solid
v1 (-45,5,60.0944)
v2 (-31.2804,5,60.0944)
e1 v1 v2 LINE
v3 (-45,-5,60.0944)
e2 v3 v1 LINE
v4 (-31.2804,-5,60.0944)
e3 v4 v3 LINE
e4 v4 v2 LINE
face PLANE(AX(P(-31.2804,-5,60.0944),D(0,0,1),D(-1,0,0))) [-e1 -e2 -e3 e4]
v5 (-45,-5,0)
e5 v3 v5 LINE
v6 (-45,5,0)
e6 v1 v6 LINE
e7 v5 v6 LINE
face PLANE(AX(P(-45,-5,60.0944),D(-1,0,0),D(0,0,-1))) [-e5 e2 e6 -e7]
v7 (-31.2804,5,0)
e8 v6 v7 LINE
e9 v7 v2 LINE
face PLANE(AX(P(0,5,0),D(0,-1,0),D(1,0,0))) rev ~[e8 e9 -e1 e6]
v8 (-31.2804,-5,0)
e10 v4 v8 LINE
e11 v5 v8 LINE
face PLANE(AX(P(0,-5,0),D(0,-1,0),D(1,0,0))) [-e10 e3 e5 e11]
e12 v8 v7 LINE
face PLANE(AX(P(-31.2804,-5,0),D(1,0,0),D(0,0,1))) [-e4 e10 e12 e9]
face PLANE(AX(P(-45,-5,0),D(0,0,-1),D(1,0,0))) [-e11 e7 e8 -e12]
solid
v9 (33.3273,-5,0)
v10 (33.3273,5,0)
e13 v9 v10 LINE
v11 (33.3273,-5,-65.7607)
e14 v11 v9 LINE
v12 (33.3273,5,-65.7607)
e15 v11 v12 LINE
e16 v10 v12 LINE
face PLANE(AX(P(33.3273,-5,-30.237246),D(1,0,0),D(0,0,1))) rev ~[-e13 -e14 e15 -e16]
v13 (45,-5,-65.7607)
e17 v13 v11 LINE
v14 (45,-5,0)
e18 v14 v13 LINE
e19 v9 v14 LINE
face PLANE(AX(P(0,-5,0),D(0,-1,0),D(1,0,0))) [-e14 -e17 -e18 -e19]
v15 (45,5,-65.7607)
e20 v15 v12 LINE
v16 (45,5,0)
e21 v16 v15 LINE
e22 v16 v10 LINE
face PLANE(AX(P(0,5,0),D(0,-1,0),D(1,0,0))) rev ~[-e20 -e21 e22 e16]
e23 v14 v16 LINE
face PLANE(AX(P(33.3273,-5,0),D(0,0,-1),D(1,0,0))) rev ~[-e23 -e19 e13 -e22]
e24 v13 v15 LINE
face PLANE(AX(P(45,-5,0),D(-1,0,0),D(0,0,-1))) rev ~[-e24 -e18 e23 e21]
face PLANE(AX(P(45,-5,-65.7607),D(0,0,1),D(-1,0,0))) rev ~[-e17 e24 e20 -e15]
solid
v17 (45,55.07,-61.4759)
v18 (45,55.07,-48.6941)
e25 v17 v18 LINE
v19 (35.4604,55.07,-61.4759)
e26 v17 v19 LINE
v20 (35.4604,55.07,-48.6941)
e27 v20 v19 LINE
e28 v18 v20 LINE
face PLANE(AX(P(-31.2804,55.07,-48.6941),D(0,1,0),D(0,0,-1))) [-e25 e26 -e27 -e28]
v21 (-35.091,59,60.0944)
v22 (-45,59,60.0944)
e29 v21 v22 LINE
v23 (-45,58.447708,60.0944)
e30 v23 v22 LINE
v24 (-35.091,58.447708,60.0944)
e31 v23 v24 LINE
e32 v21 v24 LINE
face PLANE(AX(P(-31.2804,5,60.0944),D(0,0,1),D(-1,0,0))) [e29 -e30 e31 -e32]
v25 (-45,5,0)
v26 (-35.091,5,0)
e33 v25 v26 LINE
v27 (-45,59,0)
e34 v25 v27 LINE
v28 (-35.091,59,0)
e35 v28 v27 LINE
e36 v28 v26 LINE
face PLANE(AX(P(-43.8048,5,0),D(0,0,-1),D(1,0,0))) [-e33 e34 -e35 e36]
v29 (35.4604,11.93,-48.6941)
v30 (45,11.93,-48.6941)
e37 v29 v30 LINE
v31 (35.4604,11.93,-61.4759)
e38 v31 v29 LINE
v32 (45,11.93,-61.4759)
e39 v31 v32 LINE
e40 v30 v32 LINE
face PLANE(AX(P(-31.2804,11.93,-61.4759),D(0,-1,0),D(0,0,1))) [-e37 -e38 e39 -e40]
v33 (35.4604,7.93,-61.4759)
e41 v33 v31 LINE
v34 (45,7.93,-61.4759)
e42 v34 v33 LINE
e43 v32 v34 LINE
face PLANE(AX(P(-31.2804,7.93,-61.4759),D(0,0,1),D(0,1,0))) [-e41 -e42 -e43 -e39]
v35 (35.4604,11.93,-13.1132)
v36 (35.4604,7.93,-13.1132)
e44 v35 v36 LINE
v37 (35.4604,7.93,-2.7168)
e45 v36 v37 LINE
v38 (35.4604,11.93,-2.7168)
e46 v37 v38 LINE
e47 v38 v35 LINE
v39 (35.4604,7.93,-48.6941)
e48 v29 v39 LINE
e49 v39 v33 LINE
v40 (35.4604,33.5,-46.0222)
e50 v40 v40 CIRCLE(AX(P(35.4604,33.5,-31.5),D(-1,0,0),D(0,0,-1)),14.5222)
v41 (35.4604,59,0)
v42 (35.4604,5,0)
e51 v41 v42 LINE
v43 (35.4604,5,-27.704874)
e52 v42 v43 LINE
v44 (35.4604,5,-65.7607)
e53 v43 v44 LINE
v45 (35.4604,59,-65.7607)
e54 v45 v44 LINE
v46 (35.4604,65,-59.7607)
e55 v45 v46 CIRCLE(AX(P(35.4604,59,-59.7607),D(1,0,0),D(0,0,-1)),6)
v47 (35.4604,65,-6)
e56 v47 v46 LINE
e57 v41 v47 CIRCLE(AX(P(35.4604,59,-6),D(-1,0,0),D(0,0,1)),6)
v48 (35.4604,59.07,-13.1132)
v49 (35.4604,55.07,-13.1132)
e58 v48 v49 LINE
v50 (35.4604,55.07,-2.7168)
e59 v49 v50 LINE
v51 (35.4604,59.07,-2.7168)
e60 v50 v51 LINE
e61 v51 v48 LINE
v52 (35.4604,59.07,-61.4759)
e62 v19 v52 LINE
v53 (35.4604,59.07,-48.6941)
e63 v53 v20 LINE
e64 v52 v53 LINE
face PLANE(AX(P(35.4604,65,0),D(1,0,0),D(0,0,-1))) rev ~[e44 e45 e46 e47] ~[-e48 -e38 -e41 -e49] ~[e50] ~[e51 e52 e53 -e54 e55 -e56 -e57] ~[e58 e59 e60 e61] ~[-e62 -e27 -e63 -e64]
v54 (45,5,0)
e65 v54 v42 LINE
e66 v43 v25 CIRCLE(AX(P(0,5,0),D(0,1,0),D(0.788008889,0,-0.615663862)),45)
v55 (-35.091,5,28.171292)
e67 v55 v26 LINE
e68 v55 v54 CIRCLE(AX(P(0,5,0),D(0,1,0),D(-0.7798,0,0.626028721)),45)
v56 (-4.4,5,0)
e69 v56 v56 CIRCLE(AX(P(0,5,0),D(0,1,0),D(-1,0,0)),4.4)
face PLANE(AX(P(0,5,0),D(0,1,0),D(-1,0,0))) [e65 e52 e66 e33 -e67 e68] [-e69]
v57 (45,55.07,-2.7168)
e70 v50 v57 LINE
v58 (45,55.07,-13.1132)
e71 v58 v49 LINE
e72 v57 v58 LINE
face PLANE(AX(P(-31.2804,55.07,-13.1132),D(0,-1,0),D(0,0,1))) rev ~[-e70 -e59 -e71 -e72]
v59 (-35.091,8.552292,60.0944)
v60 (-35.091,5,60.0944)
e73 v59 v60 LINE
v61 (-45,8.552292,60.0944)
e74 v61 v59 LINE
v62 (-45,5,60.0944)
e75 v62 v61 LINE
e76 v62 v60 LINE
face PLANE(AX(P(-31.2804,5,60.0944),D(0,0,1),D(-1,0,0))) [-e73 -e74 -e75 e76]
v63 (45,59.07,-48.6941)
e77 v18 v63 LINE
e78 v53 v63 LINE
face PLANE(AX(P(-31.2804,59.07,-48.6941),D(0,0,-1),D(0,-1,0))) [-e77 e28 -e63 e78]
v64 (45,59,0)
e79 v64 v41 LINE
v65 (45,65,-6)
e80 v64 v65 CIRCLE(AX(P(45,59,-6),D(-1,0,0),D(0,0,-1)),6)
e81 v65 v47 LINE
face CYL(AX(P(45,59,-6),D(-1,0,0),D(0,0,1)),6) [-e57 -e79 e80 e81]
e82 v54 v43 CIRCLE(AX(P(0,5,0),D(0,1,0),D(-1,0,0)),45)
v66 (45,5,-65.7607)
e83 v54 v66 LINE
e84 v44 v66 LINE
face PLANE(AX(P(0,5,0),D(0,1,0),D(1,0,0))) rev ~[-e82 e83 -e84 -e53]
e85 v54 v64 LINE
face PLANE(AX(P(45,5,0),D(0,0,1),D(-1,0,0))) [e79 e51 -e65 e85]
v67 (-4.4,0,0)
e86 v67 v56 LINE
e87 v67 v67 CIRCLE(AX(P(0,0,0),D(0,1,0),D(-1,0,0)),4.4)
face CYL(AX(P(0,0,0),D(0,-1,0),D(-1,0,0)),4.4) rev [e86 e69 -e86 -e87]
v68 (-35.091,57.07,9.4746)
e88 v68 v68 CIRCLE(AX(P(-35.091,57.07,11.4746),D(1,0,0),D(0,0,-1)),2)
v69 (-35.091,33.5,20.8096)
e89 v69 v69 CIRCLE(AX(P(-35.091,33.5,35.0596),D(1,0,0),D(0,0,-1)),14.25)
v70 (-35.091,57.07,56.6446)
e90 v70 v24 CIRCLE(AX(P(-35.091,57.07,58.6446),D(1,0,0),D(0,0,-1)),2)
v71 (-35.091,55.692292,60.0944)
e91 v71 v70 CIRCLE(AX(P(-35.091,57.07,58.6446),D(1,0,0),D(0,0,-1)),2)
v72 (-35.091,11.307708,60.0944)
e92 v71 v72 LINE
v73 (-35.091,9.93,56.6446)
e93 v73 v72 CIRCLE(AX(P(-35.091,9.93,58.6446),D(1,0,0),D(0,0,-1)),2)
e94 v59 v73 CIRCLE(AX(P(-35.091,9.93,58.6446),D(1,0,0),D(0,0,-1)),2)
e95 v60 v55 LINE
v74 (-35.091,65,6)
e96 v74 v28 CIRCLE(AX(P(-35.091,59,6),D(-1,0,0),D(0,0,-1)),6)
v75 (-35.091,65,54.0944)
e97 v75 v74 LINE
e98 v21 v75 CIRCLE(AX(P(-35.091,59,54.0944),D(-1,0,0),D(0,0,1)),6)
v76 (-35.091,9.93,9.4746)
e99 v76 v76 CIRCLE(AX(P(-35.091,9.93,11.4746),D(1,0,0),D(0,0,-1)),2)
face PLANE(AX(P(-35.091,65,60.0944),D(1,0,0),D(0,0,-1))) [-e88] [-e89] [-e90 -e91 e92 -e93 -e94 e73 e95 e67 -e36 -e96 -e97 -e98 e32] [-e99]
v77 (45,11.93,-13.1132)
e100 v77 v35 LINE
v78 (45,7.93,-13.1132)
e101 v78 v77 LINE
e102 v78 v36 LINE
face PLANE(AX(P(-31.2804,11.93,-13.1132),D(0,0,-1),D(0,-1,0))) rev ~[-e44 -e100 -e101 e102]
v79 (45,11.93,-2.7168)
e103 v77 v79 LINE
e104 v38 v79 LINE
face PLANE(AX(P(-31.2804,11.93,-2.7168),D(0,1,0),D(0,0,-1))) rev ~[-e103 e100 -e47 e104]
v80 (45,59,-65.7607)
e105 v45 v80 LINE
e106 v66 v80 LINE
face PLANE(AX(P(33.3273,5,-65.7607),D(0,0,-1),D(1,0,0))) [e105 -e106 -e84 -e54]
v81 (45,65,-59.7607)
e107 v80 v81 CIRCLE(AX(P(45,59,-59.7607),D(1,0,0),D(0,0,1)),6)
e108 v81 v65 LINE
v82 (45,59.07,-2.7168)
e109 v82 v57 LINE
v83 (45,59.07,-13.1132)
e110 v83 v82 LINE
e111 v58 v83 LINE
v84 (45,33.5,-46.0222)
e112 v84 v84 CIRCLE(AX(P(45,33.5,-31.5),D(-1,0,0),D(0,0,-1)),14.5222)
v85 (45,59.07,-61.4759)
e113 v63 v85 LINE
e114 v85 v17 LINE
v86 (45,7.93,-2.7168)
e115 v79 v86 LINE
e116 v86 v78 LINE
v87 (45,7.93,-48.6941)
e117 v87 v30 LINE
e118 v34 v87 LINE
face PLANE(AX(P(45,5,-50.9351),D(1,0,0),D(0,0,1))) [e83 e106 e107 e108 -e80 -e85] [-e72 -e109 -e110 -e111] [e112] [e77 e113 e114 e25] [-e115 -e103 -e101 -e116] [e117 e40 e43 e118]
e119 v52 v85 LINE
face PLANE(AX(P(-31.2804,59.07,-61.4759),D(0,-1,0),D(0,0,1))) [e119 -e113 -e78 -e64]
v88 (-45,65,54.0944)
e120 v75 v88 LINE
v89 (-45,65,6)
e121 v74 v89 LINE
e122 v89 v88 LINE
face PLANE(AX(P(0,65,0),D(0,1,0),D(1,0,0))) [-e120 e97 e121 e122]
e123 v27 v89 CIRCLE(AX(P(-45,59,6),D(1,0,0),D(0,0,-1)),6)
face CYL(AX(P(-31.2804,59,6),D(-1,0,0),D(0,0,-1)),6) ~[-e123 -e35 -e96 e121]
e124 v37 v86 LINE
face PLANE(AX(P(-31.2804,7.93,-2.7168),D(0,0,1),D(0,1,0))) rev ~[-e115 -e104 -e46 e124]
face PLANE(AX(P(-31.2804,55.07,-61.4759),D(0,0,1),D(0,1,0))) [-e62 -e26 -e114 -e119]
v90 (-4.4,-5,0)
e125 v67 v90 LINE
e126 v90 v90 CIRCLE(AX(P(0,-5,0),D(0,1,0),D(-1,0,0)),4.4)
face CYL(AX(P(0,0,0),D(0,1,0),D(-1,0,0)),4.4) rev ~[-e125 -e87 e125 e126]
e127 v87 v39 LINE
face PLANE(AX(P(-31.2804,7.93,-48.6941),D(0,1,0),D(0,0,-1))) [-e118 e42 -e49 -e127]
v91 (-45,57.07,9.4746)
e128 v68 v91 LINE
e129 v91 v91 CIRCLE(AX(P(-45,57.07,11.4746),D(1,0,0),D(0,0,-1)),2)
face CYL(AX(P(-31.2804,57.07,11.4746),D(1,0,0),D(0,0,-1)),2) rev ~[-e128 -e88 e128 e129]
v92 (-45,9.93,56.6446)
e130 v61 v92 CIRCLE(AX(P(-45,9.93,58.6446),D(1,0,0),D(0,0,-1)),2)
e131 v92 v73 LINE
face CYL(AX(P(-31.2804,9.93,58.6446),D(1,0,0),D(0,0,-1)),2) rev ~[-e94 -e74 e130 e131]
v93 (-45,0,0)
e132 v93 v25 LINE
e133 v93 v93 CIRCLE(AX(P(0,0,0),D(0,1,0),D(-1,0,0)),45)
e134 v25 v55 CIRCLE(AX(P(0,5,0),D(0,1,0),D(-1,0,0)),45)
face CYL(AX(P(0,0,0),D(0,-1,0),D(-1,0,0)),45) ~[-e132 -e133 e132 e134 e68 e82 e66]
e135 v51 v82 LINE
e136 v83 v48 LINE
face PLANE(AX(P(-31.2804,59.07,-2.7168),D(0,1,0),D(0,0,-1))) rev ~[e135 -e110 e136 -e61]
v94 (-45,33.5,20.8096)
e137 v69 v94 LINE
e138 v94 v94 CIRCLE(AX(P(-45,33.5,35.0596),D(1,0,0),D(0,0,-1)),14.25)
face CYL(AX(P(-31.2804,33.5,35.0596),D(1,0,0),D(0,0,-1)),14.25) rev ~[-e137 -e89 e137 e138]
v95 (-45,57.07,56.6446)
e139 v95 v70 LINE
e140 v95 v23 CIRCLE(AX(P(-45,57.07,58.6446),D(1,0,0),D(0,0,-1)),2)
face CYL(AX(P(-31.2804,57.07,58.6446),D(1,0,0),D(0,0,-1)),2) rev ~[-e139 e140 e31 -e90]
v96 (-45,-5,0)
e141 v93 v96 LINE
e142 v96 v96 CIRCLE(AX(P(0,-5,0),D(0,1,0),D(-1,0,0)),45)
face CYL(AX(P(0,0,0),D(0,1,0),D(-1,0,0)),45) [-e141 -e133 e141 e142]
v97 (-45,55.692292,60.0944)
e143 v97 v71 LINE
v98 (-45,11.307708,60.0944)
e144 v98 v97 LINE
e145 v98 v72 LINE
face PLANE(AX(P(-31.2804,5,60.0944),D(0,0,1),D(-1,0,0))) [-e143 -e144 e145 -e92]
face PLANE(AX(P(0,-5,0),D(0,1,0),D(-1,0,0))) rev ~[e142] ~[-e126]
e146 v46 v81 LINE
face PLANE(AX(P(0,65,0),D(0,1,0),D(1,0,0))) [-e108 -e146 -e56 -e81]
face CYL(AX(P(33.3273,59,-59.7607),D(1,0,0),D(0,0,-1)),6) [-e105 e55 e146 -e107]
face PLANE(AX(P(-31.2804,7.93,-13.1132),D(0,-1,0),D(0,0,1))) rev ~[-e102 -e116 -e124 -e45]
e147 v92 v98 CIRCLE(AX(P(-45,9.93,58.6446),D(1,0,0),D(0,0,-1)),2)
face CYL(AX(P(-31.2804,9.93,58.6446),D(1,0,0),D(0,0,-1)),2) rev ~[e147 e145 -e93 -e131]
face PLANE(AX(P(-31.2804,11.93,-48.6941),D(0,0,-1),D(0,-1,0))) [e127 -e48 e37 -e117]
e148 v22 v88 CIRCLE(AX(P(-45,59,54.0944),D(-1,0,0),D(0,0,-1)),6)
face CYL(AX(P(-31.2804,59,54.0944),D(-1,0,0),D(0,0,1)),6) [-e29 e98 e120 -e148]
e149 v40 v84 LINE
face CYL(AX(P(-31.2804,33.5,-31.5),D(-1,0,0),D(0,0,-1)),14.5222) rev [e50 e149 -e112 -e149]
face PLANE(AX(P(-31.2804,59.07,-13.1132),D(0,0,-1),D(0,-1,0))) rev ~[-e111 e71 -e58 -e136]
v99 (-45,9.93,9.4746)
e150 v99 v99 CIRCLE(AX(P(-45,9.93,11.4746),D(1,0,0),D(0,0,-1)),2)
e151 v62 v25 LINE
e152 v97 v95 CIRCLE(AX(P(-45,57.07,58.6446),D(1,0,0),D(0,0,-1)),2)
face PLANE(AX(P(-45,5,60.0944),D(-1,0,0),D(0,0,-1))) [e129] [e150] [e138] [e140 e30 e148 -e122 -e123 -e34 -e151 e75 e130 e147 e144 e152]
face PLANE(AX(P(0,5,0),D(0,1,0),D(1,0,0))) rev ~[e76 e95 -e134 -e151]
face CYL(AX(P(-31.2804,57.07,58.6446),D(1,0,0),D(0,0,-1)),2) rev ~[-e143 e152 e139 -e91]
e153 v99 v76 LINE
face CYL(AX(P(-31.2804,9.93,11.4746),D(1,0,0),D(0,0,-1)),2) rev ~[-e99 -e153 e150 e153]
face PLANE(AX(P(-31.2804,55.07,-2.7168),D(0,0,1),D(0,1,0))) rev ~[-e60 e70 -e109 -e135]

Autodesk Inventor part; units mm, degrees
ref_plane "YZ Plane" through (0, 0, 0) normal (1, 0, 0) x (0, 1, 0)
ref_plane "XZ Plane" through (0, 0, 0) normal (0, 1, 0) x (-1, 0, 0)
ref_plane "XY Plane" through (0, 0, 0) normal (0, 0, 1) x (1, 0, 0)
sketch "Sketch1" plane through (0, 0, 0) normal (0, 1, 0) x (-1, 0, 0)
  circle A0 centre (0, 0) radius 4.4
  circle A1 centre (0, 0) radius 45
  dimension "d0" = 8.8
  dimension "d1" = 90
extrude "Extrusion1" add sketch "Sketch1" along normal mid plane 10
sketch "Sketch2" plane through (0, 5, 0) normal (0, 1, 0) x (1, 0, 0)
  circle A0 centre (0, 0) radius 45 projected
  line L0 (-45, 0) -> (-53, 0)
  line L1 (-53, 0) -> (-53, 49.2006)
  line L2 (45, 0) -> (53, 0)
  line L3 (53, 0) -> (53, 50.9351)
  line L4 (53, 50.9351) -> (45, 50.9351)
  line L5 (45, 50.9351) -> (45, -52.3215)
  line L6 (45, -52.3215) -> (53, -52.3215)
  line L7 (53, -52.3215) -> (53, 50.9351)
  line L8 (-53, 50.9351) -> (-45, 50.9351)
  line L9 (-45, 50.9351) -> (-45, -59.1596)
  line L10 (-45, -59.1596) -> (-53, -59.1596)
  line L11 (-53, -59.1596) -> (-53, 50.9351)
  line L12 (-45, 0) -> (-31.2804, 0)
  line L13 (-31.2804, 0) -> (-31.2804, -60.0944)
  line L14 (-31.2804, -60.0944) -> (-45, -60.0944)
  line L15 (-45, -60.0944) -> (-45, 0)
  line L16 (45, 0) -> (33.3273, 0)
  line L17 (33.3273, 0) -> (33.3273, 65.7607)
  line L18 (33.3273, 65.7607) -> (45, 65.7607)
  line L19 (45, 65.7607) -> (45, 0)
  line L20 (-31.2804, 0) -> (-43.8048, 0)
  line L21 (-43.8048, 0) -> (-43.8048, -65.7457)
  line L22 (-43.8048, -65.7457) -> (-31.2804, -65.7457)
  line L23 (-31.2804, -65.7457) -> (-31.2804, 0)
  dimension "d4" = 8
  dimension "d5" = 8
extrude "Extrusion2" add sketch "Sketch2" along normal blind 60 contours L16 L17 A0 | A0 L17 L18 L19 L5 | L13 L14 L21 A0 | A0 L21 L12 L13 | L12 L21 A0 | A0 L21 L14 L15 L9
sketch "Sketch3" plane through (0, 5, 0) normal (0, 1, 0) x (1, 0, 0)
  point P0 (0, 0)
sketch "Sketch4" plane through (-31.2804, 5, 60.0944) normal (1, 0, 0) x (0, 0, -1)
  line L0 (0, 0) -> (27.7442, 0) projected
  line L1 (0, 0) -> (0, 57)
  line L2 (0, 0) -> (0, 60) projected
  line L3 (60.0944, 0) -> (60.0944, 60) projected
  line L4 (60.0944, 0) -> (15.0944, 0) projected
  circle A0 centre (25.0348, 28.5) radius 14.25
  line L5 (1.4498, 4.93) -> (48.6198, 4.93)
  line L6 (1.4498, 4.93) -> (48.6198, 52.07) construction
  line L7 (48.6198, 4.93) -> (1.4498, 52.07) construction
  circle A1 centre (48.6198, 52.07) radius 2
  circle A2 centre (48.6198, 4.93) radius 2
  circle A3 centre (1.4498, 4.93) radius 2
  circle A4 centre (1.4498, 52.07) radius 2
  circle A5 centre (91.5944, 28.5) radius 14.5222
  line L8 (68.0094, 4.93) -> (115.1794, 52.07) construction
  line L9 (115.1794, 4.93) -> (68.0094, 52.07) construction
  line L10 (62.8112, 54.07) -> (73.2076, 54.07)
  line L11 (73.2076, 54.07) -> (73.2076, 50.07)
  line L12 (73.2076, 50.07) -> (62.8112, 50.07)
  line L13 (62.8112, 50.07) -> (62.8112, 54.07)
  line L14 (62.8112, 54.07) -> (73.2076, 50.07) construction
  line L15 (73.2076, 54.07) -> (62.8112, 50.07) construction
  line L16 (62.8112, 6.93) -> (73.2076, 6.93)
  line L17 (73.2076, 6.93) -> (73.2076, 2.93)
  line L18 (73.2076, 2.93) -> (62.8112, 2.93)
  line L19 (62.8112, 2.93) -> (62.8112, 6.93)
  line L20 (66.1428, 5.6482) -> (73.2076, 2.93) construction
  line L21 (73.2076, 6.93) -> (62.8112, 2.93) construction
  line L22 (121.5703, 54.07) -> (108.7885, 54.07)
  line L23 (108.7885, 54.07) -> (108.7885, 50.07)
  line L24 (108.7885, 50.07) -> (121.5703, 50.07)
  line L25 (121.5703, 50.07) -> (121.5703, 54.07)
  line L26 (121.5703, 54.07) -> (108.7885, 50.07) construction
  line L27 (108.7885, 54.07) -> (121.5703, 50.07) construction
  line L28 (121.5703, 6.93) -> (108.7885, 6.93)
  line L29 (108.7885, 6.93) -> (108.7885, 2.93)
  line L30 (108.7885, 2.93) -> (121.5703, 2.93)
  line L31 (121.5703, 2.93) -> (121.5703, 6.93)
  line L32 (121.5703, 6.93) -> (108.7885, 2.93) construction
  line L33 (108.7885, 6.93) -> (121.5703, 2.93) construction
  point P0 (60.0944, -5)
  dimension "d8" = 57
  dimension "d13" = 4
  dimension "d14" = 4
extrude "Extrusion3" cut sketch "Sketch4" along normal mid plane 660
sketch "Sketch5" plane through (33.3273, 5, -65.7607) normal (-1, 0, 0) x (0, 0, 1)
  point P0 (65.7607, -5)
sketch "Sketch6" plane through (0, -5, 0) normal (0, -1, 0) x (1, 0, 0)
  line L0 (45, 0) -> (45, -65.7607) projected
  line L1 (33.3273, 0) -> (45, 0) projected
  line L2 (45, -65.7607) -> (33.3273, -65.7607)
  line L3 (33.3273, -65.7607) -> (33.3273, 0)
  line L4 (33.3273, 0) -> (45, 0)
  line L5 (45, 0) -> (45, -65.7607)
  circle A0 centre (0, 0) radius 45 projected
  line L6 (-31.2804, 60.0944) -> (-45, 60.0944) projected
  line L7 (-45, 0) -> (-31.2804, 0)
  line L8 (-31.2804, 0) -> (-31.2804, 60.0944)
  line L9 (-31.2804, 60.0944) -> (-45, 60.0944)
  line L10 (-45, 60.0944) -> (-45, 0)
extrude "Extrusion4" add sketch "Sketch6" against normal blind 10 separate body contours A0 L3 L1 | L0 L2 L3 A0 | L8 L7 A0 | A0 L10 L6 L8
fillet "Fillet1" radius 6 4 edges at (-38.1402, 65, 0) (-38.1402, 65, 60.0944) (39.1636, 65, 0) (39.1636, 65, -65.7607)
sketch "Sketch7" plane through (0, 65, 0) normal (0, 1, 0) x (1, 0, 0)
  line L0 (-31.2804, 0) -> (-45, 0) projected
  line L1 (-31.2804, -60.0944) -> (-31.2804, -32.3502) projected
  line L2 (-35.091, 0) -> (-31.2804, 0)
  line L3 (-31.2804, 0) -> (-31.2804, -60.0944)
  line L4 (-31.2804, -60.0944) -> (-35.091, -60.0944)
  line L5 (-35.091, -60.0944) -> (-35.091, 0)
  line L6 (45, 0) -> (33.3273, 0) projected
  line L7 (45, 65.7607) -> (33.3273, 65.7607) projected
  line L8 (33.3273, 0) -> (35.4604, 0)
  line L9 (35.4604, 0) -> (35.4604, 65.7607)
  line L10 (35.4604, 65.7607) -> (33.3273, 65.7607)
  line L11 (33.3273, 65.7607) -> (33.3273, 0)
  point P0 (0, 0)
extrude "Extrusion5" cut sketch "Sketch7" against normal blind 60 bodies 1 2
properties part number "forearm_base"
